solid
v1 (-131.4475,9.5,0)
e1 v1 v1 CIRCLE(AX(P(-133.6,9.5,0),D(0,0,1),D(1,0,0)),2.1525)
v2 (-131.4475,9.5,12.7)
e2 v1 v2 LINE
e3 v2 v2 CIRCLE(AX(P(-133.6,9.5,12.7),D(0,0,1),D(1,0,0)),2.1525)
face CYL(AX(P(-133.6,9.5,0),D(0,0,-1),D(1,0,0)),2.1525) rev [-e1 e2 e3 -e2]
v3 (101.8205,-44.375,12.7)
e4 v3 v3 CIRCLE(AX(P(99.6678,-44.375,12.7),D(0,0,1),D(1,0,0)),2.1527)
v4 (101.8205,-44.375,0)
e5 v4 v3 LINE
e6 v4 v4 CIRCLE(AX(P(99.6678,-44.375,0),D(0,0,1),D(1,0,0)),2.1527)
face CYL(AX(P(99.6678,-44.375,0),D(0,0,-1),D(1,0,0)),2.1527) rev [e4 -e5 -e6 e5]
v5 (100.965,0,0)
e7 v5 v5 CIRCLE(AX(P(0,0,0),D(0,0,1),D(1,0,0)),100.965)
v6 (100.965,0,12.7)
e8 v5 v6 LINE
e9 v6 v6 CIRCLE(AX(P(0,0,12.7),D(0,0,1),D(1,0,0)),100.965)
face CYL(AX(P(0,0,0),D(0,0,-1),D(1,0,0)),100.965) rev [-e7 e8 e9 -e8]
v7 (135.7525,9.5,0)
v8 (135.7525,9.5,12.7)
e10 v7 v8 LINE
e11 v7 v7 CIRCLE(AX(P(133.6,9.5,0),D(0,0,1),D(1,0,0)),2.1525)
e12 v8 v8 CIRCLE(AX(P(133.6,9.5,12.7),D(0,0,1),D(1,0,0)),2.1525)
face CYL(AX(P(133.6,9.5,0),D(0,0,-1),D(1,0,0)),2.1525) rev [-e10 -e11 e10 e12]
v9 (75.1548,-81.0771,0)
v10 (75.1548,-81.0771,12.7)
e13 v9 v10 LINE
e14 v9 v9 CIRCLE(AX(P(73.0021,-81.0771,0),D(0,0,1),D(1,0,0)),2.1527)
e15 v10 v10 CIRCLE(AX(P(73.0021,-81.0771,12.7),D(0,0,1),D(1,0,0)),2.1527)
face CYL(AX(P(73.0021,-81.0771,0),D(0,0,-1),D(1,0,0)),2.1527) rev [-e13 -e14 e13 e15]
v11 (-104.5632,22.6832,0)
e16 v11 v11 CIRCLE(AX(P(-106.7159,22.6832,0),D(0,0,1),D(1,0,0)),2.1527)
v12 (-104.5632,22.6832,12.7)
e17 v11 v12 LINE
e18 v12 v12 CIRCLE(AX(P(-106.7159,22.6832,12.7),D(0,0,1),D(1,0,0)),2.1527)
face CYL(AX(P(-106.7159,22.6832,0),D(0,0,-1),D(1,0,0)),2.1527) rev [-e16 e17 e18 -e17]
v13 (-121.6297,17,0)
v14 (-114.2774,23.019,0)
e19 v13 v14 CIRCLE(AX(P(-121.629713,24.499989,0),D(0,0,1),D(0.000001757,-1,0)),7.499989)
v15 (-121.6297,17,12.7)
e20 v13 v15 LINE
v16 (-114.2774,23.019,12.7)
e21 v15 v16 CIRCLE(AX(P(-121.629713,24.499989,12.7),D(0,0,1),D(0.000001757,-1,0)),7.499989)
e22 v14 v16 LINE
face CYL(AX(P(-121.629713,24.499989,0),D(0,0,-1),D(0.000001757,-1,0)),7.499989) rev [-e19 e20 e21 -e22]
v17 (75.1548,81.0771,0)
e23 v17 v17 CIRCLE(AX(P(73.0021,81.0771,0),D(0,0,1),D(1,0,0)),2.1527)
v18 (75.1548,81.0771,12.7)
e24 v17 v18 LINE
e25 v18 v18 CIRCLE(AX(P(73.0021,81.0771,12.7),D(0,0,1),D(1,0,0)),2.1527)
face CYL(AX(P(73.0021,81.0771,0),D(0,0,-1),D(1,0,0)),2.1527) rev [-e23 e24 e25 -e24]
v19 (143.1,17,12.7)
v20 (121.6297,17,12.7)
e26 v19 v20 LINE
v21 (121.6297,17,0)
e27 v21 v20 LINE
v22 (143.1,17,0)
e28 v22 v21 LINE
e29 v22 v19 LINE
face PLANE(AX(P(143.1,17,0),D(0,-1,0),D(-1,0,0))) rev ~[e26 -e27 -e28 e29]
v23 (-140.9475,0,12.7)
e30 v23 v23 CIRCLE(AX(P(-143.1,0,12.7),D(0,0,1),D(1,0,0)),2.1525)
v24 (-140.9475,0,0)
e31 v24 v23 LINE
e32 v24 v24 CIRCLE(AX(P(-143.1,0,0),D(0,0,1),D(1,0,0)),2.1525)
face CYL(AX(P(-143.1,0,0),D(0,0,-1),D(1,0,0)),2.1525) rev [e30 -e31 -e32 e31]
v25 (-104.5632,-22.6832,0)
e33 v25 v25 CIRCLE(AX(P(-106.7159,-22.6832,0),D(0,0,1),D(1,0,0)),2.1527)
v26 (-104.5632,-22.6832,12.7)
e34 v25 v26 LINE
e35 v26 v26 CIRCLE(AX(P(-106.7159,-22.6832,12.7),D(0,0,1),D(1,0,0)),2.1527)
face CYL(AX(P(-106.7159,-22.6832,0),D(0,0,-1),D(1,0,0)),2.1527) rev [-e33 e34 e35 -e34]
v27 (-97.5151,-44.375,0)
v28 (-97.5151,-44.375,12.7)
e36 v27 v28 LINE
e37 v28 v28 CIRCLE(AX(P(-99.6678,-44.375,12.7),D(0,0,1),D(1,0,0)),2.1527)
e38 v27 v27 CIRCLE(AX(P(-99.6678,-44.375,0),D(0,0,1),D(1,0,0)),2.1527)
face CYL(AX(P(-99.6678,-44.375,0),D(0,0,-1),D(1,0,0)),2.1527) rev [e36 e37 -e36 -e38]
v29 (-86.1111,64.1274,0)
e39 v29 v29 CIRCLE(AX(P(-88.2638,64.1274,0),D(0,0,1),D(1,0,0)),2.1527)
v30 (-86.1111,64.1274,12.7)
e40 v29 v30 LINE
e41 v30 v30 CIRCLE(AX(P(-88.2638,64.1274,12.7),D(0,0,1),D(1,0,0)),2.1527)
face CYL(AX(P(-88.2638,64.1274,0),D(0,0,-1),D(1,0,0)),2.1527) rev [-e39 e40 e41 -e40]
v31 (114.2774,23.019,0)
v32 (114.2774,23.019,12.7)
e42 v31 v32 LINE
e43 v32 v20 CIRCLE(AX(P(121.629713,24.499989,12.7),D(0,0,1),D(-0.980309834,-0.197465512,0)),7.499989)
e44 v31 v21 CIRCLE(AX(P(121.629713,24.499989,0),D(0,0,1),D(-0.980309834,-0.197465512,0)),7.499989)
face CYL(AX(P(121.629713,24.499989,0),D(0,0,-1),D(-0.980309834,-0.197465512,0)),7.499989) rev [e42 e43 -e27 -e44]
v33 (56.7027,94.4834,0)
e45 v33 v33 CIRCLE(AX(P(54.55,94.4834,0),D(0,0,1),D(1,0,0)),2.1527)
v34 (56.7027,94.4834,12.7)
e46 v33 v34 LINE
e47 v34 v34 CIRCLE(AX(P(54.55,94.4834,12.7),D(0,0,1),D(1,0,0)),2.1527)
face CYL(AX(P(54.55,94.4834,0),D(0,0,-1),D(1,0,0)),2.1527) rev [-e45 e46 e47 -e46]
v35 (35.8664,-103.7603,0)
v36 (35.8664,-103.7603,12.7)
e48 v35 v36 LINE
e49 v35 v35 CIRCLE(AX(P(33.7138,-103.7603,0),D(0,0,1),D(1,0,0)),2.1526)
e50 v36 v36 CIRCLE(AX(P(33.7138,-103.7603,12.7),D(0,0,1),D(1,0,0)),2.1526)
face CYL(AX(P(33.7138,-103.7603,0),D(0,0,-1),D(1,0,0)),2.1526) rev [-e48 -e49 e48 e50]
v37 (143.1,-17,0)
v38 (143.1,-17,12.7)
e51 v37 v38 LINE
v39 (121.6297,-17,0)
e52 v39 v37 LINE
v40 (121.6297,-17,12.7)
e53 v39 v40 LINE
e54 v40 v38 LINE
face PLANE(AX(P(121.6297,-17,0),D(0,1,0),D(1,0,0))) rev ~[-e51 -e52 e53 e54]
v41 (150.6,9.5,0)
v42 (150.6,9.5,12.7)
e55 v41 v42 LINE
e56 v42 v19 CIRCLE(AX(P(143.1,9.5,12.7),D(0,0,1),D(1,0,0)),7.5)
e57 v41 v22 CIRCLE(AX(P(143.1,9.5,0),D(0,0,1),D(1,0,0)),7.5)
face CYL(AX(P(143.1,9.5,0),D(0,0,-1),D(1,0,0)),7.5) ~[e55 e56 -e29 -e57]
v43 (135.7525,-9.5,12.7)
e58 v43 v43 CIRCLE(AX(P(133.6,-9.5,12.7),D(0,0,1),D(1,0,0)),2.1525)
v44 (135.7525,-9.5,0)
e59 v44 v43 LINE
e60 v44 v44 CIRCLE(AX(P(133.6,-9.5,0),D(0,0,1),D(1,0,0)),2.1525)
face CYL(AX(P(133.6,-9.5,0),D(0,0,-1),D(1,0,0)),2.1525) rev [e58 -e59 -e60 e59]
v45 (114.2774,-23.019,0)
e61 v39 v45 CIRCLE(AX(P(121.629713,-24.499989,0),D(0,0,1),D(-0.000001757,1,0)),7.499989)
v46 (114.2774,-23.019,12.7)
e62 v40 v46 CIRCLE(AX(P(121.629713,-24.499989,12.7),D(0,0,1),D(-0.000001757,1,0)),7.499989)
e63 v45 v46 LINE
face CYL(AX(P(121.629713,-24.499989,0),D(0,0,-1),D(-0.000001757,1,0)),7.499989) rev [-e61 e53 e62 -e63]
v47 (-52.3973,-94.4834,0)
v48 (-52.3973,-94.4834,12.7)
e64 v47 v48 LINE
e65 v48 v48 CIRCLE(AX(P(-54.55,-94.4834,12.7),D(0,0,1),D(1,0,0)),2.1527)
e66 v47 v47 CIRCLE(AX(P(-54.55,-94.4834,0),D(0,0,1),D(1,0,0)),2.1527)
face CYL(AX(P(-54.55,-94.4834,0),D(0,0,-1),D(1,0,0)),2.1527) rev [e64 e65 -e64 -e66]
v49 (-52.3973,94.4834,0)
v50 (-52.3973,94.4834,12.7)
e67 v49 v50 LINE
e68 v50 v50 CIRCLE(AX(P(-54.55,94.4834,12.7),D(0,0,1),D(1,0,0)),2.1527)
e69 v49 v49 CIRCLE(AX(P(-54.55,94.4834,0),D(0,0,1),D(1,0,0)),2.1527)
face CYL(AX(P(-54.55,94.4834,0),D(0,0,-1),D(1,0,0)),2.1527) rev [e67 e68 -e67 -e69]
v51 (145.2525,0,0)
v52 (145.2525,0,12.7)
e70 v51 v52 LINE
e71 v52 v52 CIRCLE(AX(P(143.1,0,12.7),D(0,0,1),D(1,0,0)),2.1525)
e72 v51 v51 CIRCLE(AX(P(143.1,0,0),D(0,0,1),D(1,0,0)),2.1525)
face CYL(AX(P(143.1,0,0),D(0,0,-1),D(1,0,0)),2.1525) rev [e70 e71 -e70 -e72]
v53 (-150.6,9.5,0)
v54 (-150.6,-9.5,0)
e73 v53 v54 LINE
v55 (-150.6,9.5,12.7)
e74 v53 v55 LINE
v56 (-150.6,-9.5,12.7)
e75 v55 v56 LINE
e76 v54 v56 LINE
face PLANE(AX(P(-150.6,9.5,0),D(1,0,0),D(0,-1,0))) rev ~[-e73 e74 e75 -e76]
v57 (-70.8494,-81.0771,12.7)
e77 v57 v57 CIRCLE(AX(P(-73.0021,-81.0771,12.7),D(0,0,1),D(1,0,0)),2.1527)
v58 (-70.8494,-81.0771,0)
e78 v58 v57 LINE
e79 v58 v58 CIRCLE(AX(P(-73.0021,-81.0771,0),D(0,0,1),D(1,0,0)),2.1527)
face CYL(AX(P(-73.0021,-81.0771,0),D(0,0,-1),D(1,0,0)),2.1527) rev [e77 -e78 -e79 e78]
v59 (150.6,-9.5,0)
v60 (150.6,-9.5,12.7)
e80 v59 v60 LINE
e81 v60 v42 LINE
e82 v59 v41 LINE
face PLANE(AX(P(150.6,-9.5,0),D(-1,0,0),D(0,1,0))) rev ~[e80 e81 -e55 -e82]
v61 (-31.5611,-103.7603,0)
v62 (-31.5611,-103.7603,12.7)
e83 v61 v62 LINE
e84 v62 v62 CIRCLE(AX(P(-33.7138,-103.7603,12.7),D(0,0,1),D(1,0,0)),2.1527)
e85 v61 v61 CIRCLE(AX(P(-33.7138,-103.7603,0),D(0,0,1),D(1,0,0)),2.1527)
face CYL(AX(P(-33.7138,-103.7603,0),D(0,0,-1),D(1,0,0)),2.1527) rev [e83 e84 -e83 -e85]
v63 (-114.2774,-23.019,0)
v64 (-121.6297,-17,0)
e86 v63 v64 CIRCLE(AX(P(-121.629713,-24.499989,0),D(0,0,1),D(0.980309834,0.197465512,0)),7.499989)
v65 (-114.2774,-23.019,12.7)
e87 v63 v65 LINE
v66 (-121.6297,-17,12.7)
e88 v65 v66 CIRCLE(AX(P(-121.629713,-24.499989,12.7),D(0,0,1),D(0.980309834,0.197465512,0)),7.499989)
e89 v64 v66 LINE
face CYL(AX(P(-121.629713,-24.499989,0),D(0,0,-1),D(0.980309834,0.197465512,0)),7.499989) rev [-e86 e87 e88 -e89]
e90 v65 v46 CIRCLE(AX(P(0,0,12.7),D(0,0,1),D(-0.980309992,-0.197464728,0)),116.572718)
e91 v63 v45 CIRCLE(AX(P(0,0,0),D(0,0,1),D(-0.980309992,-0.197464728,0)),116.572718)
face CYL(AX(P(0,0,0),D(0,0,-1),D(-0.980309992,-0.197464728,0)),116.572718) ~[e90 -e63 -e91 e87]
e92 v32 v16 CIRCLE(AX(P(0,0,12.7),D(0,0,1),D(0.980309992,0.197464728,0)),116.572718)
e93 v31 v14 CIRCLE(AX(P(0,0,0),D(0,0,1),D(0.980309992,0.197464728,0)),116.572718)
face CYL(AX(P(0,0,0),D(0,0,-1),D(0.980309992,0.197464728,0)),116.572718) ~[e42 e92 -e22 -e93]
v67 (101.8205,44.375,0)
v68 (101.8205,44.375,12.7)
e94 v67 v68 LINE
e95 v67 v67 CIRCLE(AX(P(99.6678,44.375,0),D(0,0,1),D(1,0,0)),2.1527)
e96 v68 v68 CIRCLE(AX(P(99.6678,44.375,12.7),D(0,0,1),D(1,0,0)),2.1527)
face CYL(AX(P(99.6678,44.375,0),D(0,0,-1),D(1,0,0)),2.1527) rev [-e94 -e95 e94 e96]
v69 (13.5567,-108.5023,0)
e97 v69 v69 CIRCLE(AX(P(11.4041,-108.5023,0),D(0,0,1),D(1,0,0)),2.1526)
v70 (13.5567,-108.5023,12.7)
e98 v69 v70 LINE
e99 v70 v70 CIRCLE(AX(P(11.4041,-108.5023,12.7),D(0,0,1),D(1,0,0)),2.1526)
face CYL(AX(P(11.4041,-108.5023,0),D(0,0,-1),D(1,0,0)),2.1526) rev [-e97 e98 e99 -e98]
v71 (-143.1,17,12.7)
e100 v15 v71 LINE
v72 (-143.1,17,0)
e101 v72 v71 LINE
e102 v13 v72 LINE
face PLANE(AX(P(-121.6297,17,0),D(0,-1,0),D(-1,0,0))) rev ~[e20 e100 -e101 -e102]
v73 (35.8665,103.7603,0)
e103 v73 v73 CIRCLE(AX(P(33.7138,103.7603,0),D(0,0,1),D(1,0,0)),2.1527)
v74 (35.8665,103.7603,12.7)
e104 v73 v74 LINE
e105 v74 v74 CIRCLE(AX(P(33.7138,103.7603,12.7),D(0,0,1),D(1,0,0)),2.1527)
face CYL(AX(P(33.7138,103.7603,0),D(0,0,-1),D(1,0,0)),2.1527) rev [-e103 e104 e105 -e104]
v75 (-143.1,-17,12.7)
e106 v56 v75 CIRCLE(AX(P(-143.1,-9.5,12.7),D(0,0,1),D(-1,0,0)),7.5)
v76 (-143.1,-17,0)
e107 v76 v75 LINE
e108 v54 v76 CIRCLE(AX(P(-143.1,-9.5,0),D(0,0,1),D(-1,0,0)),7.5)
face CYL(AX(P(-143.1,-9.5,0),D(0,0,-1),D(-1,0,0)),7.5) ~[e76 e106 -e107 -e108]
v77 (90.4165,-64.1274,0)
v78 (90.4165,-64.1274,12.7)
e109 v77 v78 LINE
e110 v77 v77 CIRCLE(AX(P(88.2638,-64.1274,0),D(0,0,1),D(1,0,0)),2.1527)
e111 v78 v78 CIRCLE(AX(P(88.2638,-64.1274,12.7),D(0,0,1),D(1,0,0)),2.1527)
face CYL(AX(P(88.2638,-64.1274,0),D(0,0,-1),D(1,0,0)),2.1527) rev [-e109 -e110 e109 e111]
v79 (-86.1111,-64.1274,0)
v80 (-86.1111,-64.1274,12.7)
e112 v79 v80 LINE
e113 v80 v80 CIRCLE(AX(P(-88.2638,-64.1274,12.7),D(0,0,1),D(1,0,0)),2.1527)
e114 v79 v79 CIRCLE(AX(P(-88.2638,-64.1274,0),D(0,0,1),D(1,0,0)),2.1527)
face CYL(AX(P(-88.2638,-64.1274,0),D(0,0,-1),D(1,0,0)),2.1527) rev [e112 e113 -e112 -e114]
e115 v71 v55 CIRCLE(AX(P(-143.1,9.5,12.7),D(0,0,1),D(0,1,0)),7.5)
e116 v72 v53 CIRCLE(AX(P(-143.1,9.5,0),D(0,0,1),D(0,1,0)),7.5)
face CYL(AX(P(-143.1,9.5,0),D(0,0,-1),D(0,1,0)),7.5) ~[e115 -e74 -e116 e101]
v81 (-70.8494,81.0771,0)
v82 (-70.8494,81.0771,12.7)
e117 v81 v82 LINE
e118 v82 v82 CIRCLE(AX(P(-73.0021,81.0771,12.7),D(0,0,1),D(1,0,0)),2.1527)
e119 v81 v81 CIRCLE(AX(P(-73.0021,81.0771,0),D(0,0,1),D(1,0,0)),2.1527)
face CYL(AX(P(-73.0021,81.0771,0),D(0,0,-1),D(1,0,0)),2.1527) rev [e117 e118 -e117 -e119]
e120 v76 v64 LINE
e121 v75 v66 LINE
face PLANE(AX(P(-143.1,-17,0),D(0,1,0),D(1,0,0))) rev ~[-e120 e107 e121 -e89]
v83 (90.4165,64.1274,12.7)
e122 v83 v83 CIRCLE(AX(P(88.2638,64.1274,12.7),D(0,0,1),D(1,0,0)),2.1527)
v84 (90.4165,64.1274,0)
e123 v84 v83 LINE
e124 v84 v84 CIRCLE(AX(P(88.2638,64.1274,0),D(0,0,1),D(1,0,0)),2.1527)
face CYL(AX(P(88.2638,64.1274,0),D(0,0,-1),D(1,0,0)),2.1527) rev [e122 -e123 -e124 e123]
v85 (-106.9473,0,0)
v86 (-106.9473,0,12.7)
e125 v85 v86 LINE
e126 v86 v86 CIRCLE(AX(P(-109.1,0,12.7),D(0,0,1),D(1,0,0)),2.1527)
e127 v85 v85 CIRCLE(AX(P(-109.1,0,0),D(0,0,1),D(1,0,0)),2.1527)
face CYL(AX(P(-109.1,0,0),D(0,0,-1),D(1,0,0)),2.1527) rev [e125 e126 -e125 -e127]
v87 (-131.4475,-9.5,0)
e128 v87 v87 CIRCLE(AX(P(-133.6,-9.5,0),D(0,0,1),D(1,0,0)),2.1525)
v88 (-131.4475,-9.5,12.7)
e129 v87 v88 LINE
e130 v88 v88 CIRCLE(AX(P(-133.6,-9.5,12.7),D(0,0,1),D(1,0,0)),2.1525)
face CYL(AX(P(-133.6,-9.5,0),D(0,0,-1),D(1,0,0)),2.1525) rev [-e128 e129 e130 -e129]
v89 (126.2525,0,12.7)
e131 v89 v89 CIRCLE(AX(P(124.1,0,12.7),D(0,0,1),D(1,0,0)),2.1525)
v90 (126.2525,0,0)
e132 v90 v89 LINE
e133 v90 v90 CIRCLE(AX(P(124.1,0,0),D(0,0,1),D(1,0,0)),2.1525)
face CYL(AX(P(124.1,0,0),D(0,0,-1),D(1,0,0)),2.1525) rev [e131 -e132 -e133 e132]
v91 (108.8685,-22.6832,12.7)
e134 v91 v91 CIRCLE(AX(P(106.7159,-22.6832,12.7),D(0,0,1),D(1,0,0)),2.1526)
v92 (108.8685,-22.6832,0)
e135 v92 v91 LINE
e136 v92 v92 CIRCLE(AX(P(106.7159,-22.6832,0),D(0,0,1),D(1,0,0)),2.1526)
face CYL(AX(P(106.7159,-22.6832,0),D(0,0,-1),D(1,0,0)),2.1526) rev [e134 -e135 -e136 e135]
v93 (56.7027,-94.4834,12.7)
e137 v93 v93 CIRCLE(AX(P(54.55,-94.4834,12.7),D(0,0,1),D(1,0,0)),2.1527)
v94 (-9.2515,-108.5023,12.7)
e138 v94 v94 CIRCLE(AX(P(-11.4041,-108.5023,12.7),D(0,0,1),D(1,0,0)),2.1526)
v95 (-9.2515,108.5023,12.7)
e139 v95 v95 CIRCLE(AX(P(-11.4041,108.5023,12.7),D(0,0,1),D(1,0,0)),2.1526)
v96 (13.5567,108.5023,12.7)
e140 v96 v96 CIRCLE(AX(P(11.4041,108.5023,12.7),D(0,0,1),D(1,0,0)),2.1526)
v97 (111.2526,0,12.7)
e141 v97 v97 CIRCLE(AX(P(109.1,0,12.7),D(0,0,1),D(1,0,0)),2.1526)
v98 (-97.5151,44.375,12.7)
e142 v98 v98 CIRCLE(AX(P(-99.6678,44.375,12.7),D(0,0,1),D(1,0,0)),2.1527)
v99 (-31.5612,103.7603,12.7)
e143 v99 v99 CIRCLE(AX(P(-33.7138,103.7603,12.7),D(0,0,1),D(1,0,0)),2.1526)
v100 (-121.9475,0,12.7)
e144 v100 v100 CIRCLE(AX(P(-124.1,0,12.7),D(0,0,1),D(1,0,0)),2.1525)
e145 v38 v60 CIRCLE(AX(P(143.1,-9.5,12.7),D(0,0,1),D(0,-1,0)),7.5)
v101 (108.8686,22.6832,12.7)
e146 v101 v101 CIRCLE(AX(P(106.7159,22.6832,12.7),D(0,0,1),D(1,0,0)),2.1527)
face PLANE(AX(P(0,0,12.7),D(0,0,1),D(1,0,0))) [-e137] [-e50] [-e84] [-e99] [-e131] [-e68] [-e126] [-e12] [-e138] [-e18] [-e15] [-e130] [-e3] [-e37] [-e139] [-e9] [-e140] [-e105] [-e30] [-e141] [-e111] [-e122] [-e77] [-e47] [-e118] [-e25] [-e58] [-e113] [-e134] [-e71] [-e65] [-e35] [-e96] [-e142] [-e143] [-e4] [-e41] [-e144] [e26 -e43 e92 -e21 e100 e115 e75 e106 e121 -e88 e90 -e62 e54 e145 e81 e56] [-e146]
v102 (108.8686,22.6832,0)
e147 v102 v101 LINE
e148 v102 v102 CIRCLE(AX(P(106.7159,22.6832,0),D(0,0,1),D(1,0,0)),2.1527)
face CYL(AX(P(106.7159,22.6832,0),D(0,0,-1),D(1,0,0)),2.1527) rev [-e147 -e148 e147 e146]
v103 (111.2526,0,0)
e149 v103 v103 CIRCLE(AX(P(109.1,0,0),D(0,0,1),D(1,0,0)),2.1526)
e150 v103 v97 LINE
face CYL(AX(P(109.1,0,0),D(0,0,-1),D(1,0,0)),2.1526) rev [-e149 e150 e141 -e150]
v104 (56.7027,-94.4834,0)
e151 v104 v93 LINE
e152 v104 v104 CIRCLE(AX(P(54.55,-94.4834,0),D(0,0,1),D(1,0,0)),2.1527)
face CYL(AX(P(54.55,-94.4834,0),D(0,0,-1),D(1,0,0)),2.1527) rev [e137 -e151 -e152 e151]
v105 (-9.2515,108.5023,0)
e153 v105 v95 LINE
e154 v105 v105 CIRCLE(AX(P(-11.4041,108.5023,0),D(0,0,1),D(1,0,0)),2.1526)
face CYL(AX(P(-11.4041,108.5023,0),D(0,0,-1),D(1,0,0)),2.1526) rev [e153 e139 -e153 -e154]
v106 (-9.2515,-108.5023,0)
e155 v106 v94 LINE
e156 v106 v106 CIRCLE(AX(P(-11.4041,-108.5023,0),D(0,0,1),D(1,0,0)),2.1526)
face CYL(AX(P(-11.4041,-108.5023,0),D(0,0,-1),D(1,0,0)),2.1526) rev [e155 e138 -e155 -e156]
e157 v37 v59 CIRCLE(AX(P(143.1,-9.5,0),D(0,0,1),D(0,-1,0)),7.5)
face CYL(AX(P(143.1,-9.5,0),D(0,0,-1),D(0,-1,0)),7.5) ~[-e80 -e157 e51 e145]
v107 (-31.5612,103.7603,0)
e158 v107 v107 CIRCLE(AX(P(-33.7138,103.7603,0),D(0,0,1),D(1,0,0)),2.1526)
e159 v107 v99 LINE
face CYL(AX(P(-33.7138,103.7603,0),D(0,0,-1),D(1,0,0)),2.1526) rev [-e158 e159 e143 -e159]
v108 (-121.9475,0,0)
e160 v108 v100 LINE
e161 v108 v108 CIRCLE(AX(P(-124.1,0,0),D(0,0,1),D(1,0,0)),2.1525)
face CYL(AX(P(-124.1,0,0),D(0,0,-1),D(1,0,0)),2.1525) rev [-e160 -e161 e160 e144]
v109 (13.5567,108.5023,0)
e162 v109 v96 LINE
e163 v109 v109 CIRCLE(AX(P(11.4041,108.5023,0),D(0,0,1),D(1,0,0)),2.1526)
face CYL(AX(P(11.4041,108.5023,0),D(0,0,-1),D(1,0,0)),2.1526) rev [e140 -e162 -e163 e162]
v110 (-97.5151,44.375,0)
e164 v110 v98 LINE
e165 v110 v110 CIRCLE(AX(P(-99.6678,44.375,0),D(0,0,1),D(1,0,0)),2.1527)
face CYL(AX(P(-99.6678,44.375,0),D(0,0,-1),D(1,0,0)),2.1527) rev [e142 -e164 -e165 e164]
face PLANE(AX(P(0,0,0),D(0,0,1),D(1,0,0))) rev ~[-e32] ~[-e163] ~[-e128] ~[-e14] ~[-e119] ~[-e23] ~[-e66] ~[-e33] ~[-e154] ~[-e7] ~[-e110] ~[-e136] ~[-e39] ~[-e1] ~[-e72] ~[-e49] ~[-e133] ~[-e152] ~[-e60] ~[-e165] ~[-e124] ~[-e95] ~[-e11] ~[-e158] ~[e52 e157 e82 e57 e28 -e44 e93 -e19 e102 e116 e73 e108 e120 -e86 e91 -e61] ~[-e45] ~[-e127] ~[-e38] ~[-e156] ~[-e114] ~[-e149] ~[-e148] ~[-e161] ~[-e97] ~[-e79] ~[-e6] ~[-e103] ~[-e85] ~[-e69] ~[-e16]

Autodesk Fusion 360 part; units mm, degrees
sketch "Sketch1" plane through (0, 0, 0) normal (0, 0, 1) x (1, 0, 0)
  arc A0 (-114.2774, -23.019) -> (114.2774, -23.019) centre (0, 0) ccw
  circle A1 centre (-73.0021, 81.0771) radius 2.1527
  circle A2 centre (-88.2638, -64.1274) radius 2.1527
  circle A3 centre (73.0021, -81.0771) radius 2.1527
  circle A4 centre (-143.1, 0) radius 2.1525
  arc A5 (-114.2774, -23.019) -> (-121.6297, -17) centre (-121.6297, -24.5) ccw
  circle A6 centre (11.4041, 108.5023) radius 2.1526
  circle A7 centre (-54.55, -94.4834) radius 2.1527
  circle A8 centre (-109.1, 0) radius 2.1527
  circle A9 centre (88.2638, 64.1274) radius 2.1527
  circle A10 centre (143.1, 0) radius 2.1525
  circle A11 centre (54.55, 94.4834) radius 2.1527
  circle A12 centre (54.55, -94.4834) radius 2.1527
  circle A13 centre (106.7159, 22.6832) radius 2.1527
  circle A14 centre (133.6, -9.5) radius 2.1525
  circle A15 centre (-33.7138, 103.7603) radius 2.1526
  circle A16 centre (124.1, 0) radius 2.1525
  line L0 (143.1, 17) -> (121.6297, 17)
  circle A17 centre (109.1, 0) radius 2.1526
  circle A18 centre (-133.6, -9.5) radius 2.1525
  circle A19 centre (-99.6678, 44.375) radius 2.1527
  circle A20 centre (-133.6, 9.5) radius 2.1525
  line L1 (-121.6297, 17) -> (-143.1, 17)
  circle A21 centre (11.4041, -108.5023) radius 2.1526
  line L2 (150.6, -9.5) -> (150.6, 9.5)
  circle A22 centre (-88.2638, 64.1274) radius 2.1527
  circle A23 centre (133.6, 9.5) radius 2.1525
  line L3 (-150.6, 9.5) -> (-150.6, -9.5)
  line L4 (121.6297, -17) -> (143.1, -17)
  circle A24 centre (33.7138, -103.7603) radius 2.1526
  circle A25 centre (0, 0) radius 100.965
  arc A26 (114.2774, 23.019) -> (121.6297, 17) centre (121.6297, 24.5) ccw
  circle A27 centre (-124.1, 0) radius 2.1525
  line L5 (-143.1, -17) -> (-121.6297, -17)
  circle A28 centre (73.0021, 81.0771) radius 2.1527
  circle A29 centre (-33.7138, -103.7603) radius 2.1527
  arc A30 (150.6, 9.5) -> (143.1, 17) centre (143.1, 9.5) ccw
  circle A31 centre (-99.6678, -44.375) radius 2.1527
  arc A32 (121.6297, -17) -> (114.2774, -23.019) centre (121.6297, -24.5) ccw
  circle A33 centre (88.2638, -64.1274) radius 2.1527
  arc A34 (-143.1, 17) -> (-150.6, 9.5) centre (-143.1, 9.5) ccw
  circle A35 centre (-11.4041, 108.5023) radius 2.1526
  circle A36 centre (99.6678, 44.375) radius 2.1527
  circle A37 centre (99.6678, -44.375) radius 2.1527
  circle A38 centre (-54.55, 94.4834) radius 2.1527
  circle A39 centre (33.7138, 103.7603) radius 2.1527
  arc A40 (114.2774, 23.019) -> (-114.2774, 23.019) centre (0, 0) ccw
  circle A41 centre (-106.7159, 22.6832) radius 2.1527
  arc A42 (143.1, -17) -> (150.6, -9.5) centre (143.1, -9.5) ccw
  circle A43 centre (106.7159, -22.6832) radius 2.1526
  circle A44 centre (-106.7159, -22.6832) radius 2.1527
  arc A45 (-121.6297, 17) -> (-114.2774, 23.019) centre (-121.6297, 24.5) ccw
  arc A46 (-150.6, -9.5) -> (-143.1, -17) centre (-143.1, -9.5) ccw
  circle A47 centre (-11.4041, -108.5023) radius 2.1526
  circle A48 centre (-73.0021, -81.0771) radius 2.1527
extrude "Extrude1" add sketch "Sketch1" along normal blind 12.7
